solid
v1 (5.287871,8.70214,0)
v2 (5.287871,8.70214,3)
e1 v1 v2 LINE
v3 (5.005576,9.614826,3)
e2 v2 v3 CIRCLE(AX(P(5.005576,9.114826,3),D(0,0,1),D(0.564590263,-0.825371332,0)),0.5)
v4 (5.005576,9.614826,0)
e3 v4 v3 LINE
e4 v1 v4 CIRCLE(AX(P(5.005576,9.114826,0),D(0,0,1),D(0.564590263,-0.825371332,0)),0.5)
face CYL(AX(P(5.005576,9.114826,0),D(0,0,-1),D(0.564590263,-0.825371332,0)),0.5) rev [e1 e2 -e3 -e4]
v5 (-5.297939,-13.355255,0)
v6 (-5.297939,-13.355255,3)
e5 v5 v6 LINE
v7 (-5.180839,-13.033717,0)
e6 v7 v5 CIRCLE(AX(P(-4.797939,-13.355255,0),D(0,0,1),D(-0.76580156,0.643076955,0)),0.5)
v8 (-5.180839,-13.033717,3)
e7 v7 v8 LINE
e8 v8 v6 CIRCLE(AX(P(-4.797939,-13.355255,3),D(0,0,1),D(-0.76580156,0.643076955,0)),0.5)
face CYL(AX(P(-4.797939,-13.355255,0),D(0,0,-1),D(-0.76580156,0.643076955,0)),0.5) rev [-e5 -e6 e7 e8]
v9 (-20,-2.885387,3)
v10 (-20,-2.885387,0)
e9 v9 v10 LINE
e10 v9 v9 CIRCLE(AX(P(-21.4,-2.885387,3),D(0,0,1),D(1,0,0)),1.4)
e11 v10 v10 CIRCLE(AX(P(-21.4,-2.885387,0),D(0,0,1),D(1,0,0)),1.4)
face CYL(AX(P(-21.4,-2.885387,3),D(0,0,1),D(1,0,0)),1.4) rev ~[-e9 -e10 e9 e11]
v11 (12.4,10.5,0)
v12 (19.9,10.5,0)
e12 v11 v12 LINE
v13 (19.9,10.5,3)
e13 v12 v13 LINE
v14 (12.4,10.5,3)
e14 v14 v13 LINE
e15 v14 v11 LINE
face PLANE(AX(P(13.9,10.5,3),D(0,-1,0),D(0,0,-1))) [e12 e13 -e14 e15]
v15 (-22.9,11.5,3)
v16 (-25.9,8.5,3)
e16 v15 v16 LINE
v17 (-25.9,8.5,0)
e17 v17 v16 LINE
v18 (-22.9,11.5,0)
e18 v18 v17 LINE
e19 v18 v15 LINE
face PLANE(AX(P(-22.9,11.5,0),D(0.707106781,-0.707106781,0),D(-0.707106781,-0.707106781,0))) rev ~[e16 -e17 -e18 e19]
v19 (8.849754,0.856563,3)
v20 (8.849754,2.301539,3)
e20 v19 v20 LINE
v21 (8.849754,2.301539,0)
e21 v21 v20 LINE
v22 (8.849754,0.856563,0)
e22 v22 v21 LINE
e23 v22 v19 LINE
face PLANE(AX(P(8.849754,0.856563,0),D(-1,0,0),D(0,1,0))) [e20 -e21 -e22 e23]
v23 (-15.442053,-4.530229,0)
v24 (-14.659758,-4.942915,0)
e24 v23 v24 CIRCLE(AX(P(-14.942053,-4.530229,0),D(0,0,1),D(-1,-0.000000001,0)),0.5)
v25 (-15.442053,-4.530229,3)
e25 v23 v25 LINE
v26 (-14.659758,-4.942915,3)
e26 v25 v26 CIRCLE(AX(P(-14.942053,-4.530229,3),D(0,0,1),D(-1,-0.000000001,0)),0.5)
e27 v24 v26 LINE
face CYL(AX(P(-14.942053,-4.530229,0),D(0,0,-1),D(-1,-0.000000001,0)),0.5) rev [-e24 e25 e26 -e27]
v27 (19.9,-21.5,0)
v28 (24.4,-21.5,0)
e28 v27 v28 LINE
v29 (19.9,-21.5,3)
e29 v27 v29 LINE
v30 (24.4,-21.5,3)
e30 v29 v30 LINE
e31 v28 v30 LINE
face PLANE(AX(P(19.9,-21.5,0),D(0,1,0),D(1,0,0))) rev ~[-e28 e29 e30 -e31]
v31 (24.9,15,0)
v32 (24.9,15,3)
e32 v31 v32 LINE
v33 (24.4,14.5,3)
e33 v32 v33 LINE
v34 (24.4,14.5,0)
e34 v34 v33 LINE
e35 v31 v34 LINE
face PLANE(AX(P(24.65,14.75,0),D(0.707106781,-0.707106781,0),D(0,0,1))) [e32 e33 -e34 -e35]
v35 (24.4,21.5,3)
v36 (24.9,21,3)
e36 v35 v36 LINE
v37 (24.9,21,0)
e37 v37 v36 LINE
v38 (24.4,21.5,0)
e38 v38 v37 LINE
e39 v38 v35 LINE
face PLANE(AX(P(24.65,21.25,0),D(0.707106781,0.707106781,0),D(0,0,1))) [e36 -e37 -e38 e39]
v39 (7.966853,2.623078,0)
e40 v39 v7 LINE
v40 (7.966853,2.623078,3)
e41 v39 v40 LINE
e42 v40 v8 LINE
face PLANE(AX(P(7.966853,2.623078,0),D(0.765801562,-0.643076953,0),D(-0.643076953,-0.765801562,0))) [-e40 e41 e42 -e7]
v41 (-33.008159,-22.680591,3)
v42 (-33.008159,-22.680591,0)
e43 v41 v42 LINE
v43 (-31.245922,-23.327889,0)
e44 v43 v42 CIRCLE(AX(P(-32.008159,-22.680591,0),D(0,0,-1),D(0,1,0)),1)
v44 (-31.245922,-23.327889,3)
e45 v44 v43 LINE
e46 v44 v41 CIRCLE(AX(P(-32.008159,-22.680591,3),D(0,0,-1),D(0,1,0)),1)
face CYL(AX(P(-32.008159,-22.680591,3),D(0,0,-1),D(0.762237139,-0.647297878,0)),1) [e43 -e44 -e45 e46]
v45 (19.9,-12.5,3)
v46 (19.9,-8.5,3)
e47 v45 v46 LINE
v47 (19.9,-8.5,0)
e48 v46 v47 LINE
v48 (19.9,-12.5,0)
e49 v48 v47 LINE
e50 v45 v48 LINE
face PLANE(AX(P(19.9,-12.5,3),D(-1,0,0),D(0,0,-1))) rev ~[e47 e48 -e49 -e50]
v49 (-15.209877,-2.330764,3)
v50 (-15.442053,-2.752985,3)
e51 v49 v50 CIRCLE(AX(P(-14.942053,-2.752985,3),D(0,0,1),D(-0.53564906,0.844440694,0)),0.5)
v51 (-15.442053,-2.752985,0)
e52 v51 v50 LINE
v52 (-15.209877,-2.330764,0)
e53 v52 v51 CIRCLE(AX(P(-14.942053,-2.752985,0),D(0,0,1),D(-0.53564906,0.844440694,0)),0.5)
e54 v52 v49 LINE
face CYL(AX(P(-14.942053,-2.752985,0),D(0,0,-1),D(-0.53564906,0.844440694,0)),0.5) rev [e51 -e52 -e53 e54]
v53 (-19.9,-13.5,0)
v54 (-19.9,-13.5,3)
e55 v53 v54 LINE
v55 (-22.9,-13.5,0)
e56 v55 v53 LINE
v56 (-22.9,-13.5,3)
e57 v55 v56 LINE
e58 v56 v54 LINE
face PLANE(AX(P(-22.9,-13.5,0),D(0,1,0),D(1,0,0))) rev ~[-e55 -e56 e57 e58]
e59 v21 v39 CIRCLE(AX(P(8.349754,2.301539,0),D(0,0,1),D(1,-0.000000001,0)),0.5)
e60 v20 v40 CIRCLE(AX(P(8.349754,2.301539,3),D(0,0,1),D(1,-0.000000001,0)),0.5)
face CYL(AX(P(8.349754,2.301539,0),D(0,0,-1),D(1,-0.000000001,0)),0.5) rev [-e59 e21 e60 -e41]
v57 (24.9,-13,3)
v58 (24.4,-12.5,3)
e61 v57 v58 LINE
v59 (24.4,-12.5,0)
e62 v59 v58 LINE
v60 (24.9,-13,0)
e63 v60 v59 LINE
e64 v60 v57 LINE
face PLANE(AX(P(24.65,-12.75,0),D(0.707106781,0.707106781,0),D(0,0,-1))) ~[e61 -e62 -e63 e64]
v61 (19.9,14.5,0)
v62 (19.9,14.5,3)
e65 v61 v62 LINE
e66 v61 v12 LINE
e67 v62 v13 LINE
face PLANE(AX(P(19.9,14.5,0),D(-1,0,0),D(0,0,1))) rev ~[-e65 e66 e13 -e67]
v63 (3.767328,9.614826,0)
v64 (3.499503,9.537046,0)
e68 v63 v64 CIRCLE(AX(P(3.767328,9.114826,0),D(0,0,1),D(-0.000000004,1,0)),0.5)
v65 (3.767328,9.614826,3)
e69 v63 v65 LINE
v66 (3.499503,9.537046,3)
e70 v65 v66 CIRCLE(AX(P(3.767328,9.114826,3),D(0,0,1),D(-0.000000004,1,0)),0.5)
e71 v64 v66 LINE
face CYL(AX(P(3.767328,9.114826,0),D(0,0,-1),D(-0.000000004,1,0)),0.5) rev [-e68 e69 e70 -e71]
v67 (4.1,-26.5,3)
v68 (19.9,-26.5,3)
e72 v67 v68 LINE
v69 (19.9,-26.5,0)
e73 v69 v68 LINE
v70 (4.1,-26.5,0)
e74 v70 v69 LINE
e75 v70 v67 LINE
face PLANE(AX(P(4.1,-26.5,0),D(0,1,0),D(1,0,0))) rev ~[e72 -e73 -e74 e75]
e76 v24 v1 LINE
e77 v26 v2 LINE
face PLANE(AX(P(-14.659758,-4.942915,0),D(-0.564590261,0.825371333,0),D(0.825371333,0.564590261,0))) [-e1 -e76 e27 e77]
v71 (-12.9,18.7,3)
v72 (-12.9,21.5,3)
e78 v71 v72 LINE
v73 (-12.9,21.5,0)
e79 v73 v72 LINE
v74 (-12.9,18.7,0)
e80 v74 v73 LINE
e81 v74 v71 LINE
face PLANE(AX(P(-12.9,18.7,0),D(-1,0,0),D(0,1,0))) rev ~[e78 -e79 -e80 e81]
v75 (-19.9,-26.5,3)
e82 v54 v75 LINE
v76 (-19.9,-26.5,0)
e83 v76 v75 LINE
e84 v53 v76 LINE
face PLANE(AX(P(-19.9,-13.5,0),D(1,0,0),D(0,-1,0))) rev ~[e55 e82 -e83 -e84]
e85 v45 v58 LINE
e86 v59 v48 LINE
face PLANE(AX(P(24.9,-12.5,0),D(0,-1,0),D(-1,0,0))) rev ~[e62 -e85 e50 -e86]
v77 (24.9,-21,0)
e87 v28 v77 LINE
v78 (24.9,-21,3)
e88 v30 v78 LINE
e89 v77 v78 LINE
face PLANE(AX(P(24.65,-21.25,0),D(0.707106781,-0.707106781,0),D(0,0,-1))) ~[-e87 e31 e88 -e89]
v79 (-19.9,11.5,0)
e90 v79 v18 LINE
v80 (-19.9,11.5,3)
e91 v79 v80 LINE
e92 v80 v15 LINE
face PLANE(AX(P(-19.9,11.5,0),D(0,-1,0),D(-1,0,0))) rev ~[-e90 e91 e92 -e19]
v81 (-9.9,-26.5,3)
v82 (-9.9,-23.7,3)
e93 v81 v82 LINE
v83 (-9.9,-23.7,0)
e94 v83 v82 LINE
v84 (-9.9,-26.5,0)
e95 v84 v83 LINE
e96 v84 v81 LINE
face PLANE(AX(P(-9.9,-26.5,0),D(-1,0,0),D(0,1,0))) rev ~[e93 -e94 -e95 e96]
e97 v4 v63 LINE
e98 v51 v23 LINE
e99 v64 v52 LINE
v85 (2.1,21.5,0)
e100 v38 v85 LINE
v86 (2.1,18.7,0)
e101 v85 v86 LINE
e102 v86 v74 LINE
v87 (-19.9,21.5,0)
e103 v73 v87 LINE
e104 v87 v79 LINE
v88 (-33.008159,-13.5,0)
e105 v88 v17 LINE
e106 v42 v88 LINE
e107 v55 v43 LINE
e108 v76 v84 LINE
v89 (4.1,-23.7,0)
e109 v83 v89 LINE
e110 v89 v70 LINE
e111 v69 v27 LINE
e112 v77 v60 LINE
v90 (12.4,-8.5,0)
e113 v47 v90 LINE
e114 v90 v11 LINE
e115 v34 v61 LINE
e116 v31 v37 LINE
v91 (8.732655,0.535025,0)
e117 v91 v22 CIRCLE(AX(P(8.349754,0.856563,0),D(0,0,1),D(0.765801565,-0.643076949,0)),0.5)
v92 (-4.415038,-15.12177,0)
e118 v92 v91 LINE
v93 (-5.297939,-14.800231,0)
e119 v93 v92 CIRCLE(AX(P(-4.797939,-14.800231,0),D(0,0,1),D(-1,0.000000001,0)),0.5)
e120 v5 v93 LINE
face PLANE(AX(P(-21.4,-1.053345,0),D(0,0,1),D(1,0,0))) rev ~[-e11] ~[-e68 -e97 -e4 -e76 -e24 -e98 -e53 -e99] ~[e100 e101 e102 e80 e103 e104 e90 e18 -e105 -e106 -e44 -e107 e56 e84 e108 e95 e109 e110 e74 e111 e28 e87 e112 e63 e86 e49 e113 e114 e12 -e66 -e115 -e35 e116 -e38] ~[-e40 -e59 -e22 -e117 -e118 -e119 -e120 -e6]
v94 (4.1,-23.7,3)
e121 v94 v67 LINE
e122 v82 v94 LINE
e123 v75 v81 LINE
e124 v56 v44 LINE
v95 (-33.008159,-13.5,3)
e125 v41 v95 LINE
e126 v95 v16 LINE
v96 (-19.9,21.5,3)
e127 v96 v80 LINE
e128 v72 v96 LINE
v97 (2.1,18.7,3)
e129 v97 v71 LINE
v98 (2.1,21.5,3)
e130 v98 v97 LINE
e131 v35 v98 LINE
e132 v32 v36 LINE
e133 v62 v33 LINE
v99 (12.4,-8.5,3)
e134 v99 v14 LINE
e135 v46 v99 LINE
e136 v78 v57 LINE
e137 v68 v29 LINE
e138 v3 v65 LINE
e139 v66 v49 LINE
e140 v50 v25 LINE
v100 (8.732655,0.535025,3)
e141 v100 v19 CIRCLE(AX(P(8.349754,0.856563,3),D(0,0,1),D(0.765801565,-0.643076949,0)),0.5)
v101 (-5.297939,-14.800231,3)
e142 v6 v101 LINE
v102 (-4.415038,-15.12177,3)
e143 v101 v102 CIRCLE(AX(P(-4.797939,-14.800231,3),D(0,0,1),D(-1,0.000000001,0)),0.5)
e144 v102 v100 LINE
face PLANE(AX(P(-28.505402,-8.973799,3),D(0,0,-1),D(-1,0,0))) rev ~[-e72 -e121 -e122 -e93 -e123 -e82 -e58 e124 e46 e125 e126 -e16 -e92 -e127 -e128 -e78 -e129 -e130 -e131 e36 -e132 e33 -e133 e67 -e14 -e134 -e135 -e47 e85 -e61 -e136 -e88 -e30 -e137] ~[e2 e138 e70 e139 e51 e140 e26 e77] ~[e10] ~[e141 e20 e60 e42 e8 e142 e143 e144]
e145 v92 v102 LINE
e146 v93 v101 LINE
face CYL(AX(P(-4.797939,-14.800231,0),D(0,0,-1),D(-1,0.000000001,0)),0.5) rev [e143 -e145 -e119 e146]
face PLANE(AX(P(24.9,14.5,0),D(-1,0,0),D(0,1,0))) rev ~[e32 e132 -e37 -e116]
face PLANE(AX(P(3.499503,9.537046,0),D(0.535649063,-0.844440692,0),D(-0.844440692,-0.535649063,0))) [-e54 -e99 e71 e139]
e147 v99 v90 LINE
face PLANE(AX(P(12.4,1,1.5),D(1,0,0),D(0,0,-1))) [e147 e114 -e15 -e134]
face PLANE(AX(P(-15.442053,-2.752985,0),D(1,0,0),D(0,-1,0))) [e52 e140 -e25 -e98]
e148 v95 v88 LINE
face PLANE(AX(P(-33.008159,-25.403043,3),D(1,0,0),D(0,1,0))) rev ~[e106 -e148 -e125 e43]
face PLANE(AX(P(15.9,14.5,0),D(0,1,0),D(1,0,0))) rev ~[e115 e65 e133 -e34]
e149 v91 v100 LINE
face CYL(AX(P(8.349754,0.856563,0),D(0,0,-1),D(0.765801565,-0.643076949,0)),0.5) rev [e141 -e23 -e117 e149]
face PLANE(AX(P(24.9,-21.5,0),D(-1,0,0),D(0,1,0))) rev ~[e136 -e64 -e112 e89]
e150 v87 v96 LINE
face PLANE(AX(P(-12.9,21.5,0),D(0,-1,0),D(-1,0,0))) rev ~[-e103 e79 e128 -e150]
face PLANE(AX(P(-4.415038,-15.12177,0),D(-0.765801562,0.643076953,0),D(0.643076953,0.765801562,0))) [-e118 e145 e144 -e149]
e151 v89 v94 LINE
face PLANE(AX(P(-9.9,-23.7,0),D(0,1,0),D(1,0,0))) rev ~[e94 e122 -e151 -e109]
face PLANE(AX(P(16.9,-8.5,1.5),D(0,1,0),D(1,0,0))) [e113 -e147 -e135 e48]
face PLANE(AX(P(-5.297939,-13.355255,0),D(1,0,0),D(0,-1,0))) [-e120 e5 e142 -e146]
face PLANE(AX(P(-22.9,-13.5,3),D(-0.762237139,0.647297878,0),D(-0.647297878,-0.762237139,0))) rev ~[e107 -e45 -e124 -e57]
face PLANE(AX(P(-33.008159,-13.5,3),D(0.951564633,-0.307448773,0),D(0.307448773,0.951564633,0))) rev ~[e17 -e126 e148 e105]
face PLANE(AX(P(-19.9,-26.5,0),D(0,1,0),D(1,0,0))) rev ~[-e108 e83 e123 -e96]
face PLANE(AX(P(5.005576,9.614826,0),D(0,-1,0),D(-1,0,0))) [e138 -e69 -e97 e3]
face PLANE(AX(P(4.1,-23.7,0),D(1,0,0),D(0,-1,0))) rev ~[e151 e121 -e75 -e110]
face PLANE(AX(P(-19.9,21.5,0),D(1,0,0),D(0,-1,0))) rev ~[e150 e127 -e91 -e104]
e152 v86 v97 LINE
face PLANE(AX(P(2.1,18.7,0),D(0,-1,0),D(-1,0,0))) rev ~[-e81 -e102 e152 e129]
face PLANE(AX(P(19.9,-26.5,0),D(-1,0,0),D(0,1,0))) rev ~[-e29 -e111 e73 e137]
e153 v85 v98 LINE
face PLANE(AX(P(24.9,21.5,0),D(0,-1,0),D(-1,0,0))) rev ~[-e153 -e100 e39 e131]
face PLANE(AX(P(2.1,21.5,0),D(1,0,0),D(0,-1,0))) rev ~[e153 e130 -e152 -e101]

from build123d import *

# Parameters (mm, degrees)
SKETCH_1_R          = 1.8
EXTRUDE_1_DEPTH     = 3
SKETCH_2_W          = 3
SKETCH_2_H          = 27
CUT_EXTRUDE_1_DEPTH = 2
SKETCH_3_W          = 6
SKETCH_3_H          = 3
EXTRUDE_2_DEPTH     = 5
SKETCH_4_W          = 6
SKETCH_4_H          = 3
EXTRUDE_3_DEPTH     = 5
SKETCH_5_W          = 6
SKETCH_5_H          = 3
CUT_EXTRUDE_2_DEPTH = 1
SKETCH_6_W          = 6
SKETCH_6_H          = 3
CUT_EXTRUDE_3_DEPTH = 1
SKETCH_8_W          = 3
SKETCH_8_H          = 19
CUT_EXTRUDE_4_DEPTH = 1.5
EXTRUDE_5_DEPTH     = 3
FILLET_2_R          = 1
CHAMFER_1_SIZE      = 0.5
EXTRUDE_START       = -3
SKETCH_11_R         = 1.8
EXTRUDE_6_DEPTH     = 3
SKETCH_12_R         = 1.4
CUT_EXTRUDE_5_DEPTH = 3


with BuildPart() as part:
    # 草图1 → 凸台-拉伸1 (new body)
    with BuildSketch(Plane.XY):
        Polygon((24.9, -12.5), (15.9, -12.5), (15.9, 14.5), (24.9, 14.5), (24.9, 21.5), (2.1, 21.5), (2.1, 18.7), (-12.9, 18.7), (-12.9, 21.5), (-19.9, 21.5), (-19.9, 11.5), (-22.9, 11.5), (-25.9, 8.5), (-25.9, -10.5), (-22.9, -13.5), (-19.9, -13.5), (-19.9, -26.5), (-9.9, -26.5), (-9.9, -23.7), (4.1, -23.7), (4.1, -26.5), (19.9, -26.5), (19.9, -21.5), (24.9, -21.5), align=None)
        with Locations((-21.4, -1.053344625)):
            Circle(SKETCH_1_R, mode=Mode.SUBTRACT)
        with BuildLine():
            Line((3.499503129, 9.537046136), (-15.209877372, -2.33076439))
            ThreePointArc((-15.209877372, -2.33076439), (-15.380180828, -2.512061787), (-15.442052841, -2.752984736))
            Line((-15.442052841, -2.752984736), (-15.442052841, -4.530228968))
            ThreePointArc((-15.442052841, -4.530228968), (-15.175347113, -4.972466215), (-14.65975771, -4.942914635))
            Line((-14.65975771, -4.942914635), (5.287871242, 8.702140123))
            ThreePointArc((5.287871242, 8.702140123), (5.483249029, 9.262570784), (5.005576111, 9.61482579))
            Line((5.005576111, 9.61482579), (3.767327661, 9.61482579))
            ThreePointArc((3.767327661, 9.61482579), (3.627882641, 9.594987311), (3.499503129, 9.537046136))
        make_face(mode=Mode.SUBTRACT)
        with BuildLine():
            Line((7.966853478, 2.623077919), (-5.180839485, -13.033716755))
            ThreePointArc((-5.180839485, -13.033716755), (-5.267752705, -13.184156416), (-5.297938704, -13.355255232))
            Line((-5.297938704, -13.355255232), (-5.297938704, -14.80023138))
            ThreePointArc((-5.297938704, -14.80023138), (-4.96903752, -15.270045381), (-4.415037923, -15.121769857))
            Line((-4.415037923, -15.121769857), (8.732655041, 0.535024817))
            ThreePointArc((8.732655041, 0.535024817), (8.81956826, 0.685464478), (8.849754259, 0.856563293))
            Line((8.849754259, 0.856563293), (8.849754259, 2.301539442))
            ThreePointArc((8.849754259, 2.301539442), (8.520853075, 2.771353443), (7.966853478, 2.623077919))
        make_face(mode=Mode.SUBTRACT)
    extrude(amount=EXTRUDE_1_DEPTH)

    # 草图2 → 切除-拉伸1 (cut)
    with BuildSketch(Plane(origin=(15.9, 0, 0), x_dir=(0, 0, -1), z_dir=(1, 0, 0))):
        with Locations((-1.5, 1)):
            Rectangle(SKETCH_2_W, SKETCH_2_H)
    extrude(amount=-CUT_EXTRUDE_1_DEPTH, mode=Mode.SUBTRACT)

    # 草图3 → 凸台-拉伸2 (add)
    with BuildSketch(Plane.XZ.offset(-14.5)):
        with Locations((16.9, 1.5)):
            Rectangle(SKETCH_3_W, SKETCH_3_H)
    extrude(amount=EXTRUDE_2_DEPTH)

    # 草图4 → 凸台-拉伸3 (add)
    with BuildSketch(Plane(origin=(0, -12.5, 0), x_dir=(1, 0, 0), z_dir=(0, 1, 0))):
        with Locations((16.9, -1.5)):
            Rectangle(SKETCH_4_W, SKETCH_4_H)
    extrude(amount=EXTRUDE_3_DEPTH)

    # 草图5 → 切除-拉伸2 (cut)
    with BuildSketch(Plane(origin=(0, -7.5, 0), x_dir=(1, 0, 0), z_dir=(0, 1, 0))):
        with Locations((16.9, -1.5)):
            Rectangle(SKETCH_5_W, SKETCH_5_H)
    extrude(amount=-CUT_EXTRUDE_2_DEPTH, mode=Mode.SUBTRACT)

    # 草图6 → 切除-拉伸3 (cut)
    with BuildSketch(Plane.XZ.offset(-9.5)):
        with Locations((16.9, 1.5)):
            Rectangle(SKETCH_6_W, SKETCH_6_H)
    extrude(amount=-CUT_EXTRUDE_3_DEPTH, mode=Mode.SUBTRACT)

    # 草图8 → 切除-拉伸4 (cut)
    with BuildSketch(Plane(origin=(13.9, 0, 0), x_dir=(0, 0, -1), z_dir=(1, 0, 0))):
        with Locations((-1.5, 1)):
            Rectangle(SKETCH_8_W, SKETCH_8_H)
    extrude(amount=-CUT_EXTRUDE_4_DEPTH, mode=Mode.SUBTRACT)

    # 草图10 → 凸台-拉伸5 (add)
    with BuildSketch(Plane.XY.offset(3)):
        Polygon((-25.9, -10.5), (-22.9, -13.5), (-33.008159317, -25.40304294), (-33.008159317, -13.5), (-25.9, 8.5), align=None)
    extrude(amount=-EXTRUDE_5_DEPTH)

    # 圆角2
    fillet_2_edges = [part.edges().sort_by_distance(p)[0] for p in [
        (-33.008159317, -25.40304294, 1.5),
    ]]
    fillet(fillet_2_edges, radius=FILLET_2_R)

    # 倒角1
    chamfer_1_edges = [part.edges().sort_by_distance(p)[0] for p in [
        (24.9, -21.5, 1.5),
        (24.9, 21.5, 1.5),
        (24.9, 14.5, 1.5),
        (24.9, -12.5, 1.5),
    ]]
    chamfer(chamfer_1_edges, length=CHAMFER_1_SIZE)

    # 草图11 → 凸台-拉伸6 (add)
    with BuildSketch(Plane.XY.offset(3).offset(EXTRUDE_START)):
        with Locations((-21.4, -1.053344625)):
            Circle(SKETCH_11_R)
    extrude(amount=EXTRUDE_6_DEPTH)

    # 草图12 → 切除-拉伸5 (cut)
    with BuildSketch(Plane(origin=(175.843153128, -50.872452405, 3), x_dir=(1, 0, 0), z_dir=(0, 0, 1))):
        with Locations((-197.243153128, 47.987065257)):
            Circle(SKETCH_12_R)
    extrude(amount=-CUT_EXTRUDE_5_DEPTH, mode=Mode.SUBTRACT)


solid = part.part
